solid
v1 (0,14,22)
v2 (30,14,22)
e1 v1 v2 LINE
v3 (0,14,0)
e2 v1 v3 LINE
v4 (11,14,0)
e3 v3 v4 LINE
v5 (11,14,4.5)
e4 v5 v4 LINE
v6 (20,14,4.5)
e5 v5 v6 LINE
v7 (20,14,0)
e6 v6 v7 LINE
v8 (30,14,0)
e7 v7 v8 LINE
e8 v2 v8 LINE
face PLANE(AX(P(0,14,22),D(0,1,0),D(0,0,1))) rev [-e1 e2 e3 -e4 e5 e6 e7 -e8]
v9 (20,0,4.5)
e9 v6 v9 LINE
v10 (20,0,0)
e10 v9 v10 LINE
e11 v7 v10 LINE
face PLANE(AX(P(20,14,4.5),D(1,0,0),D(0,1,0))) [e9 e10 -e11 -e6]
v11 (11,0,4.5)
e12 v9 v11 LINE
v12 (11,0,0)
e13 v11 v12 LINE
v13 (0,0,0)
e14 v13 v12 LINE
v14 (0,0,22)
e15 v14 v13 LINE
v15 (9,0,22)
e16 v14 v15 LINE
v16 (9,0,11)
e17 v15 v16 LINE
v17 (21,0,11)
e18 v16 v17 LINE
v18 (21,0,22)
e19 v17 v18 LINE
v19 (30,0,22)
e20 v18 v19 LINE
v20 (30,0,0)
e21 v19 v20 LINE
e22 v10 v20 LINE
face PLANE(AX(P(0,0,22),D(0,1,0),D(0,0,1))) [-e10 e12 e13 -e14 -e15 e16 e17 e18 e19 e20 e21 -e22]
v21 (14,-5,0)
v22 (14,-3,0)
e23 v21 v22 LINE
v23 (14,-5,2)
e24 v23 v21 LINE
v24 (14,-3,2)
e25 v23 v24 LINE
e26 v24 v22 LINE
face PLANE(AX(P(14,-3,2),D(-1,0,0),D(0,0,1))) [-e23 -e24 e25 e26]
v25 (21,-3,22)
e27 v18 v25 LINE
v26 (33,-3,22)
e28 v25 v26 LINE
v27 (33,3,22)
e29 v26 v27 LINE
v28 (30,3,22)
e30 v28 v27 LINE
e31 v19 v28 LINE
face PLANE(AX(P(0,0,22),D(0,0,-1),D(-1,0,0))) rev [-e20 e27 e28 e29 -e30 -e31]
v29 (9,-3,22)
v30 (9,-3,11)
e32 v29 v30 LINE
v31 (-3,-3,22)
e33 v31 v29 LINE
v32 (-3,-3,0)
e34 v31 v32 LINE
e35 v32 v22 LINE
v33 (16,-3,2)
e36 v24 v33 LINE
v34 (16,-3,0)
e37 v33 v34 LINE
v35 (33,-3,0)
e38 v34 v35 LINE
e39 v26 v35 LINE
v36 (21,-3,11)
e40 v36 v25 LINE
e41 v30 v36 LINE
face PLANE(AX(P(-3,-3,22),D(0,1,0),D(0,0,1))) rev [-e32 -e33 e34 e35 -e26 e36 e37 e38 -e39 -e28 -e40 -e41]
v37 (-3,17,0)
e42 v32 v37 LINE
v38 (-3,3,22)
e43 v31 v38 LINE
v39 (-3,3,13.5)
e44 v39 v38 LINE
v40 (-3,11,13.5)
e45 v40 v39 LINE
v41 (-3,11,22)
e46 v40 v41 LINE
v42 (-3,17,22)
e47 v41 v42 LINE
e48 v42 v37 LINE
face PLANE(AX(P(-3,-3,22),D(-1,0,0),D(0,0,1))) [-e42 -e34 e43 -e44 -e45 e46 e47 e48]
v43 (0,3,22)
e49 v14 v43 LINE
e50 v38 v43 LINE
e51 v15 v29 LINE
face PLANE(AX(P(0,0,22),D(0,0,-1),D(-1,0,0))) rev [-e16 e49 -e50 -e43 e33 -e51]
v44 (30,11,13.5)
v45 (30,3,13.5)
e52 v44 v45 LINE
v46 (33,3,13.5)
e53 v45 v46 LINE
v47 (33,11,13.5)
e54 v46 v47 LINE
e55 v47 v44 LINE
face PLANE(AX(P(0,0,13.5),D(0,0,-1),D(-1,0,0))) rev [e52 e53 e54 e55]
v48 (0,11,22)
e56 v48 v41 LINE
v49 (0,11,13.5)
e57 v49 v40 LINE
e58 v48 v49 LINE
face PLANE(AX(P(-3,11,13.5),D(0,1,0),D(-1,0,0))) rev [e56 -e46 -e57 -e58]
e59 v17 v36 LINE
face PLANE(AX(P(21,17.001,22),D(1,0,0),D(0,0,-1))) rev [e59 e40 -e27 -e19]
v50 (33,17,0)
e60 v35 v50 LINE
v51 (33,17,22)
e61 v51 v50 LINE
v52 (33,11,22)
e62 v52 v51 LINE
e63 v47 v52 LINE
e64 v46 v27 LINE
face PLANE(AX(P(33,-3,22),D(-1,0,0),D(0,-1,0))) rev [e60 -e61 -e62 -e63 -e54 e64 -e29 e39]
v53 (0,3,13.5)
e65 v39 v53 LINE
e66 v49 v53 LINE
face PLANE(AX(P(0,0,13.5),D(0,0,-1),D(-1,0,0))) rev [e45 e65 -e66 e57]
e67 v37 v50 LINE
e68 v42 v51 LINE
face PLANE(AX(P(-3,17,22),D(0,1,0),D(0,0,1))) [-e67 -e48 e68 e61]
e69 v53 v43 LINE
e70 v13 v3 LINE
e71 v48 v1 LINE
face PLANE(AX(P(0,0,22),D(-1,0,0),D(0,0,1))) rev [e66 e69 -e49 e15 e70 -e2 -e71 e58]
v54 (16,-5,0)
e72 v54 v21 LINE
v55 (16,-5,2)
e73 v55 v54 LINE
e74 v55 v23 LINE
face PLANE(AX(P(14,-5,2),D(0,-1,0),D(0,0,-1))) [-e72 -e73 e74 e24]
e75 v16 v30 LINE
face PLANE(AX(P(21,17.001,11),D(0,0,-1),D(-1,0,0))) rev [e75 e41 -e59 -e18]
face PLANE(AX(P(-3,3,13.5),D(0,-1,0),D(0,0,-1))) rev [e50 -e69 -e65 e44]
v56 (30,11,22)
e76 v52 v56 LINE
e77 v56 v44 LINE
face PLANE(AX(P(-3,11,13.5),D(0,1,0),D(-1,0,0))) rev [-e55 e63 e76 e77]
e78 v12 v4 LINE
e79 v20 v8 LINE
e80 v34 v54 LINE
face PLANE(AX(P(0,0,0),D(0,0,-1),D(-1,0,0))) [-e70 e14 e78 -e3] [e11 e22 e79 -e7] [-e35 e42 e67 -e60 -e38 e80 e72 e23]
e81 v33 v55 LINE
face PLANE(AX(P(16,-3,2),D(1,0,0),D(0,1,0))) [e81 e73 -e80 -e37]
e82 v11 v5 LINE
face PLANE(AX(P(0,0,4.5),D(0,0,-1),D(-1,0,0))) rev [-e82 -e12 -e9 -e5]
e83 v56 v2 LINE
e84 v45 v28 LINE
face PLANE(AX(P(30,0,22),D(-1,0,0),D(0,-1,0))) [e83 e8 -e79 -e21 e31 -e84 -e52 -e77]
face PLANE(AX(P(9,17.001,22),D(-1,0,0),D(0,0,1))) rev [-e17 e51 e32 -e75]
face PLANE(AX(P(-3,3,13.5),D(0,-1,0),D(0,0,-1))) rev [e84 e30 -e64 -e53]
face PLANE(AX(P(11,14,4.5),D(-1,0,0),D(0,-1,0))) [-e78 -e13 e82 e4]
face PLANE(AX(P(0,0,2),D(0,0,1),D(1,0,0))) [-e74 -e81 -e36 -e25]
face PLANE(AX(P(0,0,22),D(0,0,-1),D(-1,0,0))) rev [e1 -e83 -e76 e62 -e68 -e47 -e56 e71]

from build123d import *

# Parameters (mm, degrees)
SKETCH_1_W          = 36
SKETCH_1_H          = 20
SKETCH_1_W_2        = 30
SKETCH_1_H_2        = 14
EXTRUDE_2_DEPTH     = 22
SKETCH_2_W          = 9
SKETCH_2_H          = 14
EXTRUDE_3_DEPTH     = 4.5
SKETCH_4_W          = 2
SKETCH_4_H          = 2
EXTRUDE_4_DEPTH     = 2
CUT_EXTRUDE_1_REACH = 46.418
SKETCH_5_W          = 12
SKETCH_5_H          = 11
SKETCH_6_W          = 36
SKETCH_6_H          = 8
CUT_EXTRUDE_2_DEPTH = 8.5


with BuildPart() as part:
    # 스케치1 → 보스-돌출2 (new body)
    with BuildSketch(Plane.XY):
        with Locations((15, 7)):
            Rectangle(SKETCH_1_W, SKETCH_1_H)
        with Locations((15, 7)):
            Rectangle(SKETCH_1_W_2, SKETCH_1_H_2, mode=Mode.SUBTRACT)
    extrude(amount=EXTRUDE_2_DEPTH)

    # 스케치2 → 보스-돌출3 (add)
    with BuildSketch(Plane(origin=(0, 0, 0), x_dir=(-1, 0, 0), z_dir=(0, 0, -1))):
        with Locations((-15.5, 7)):
            Rectangle(SKETCH_2_W, SKETCH_2_H)
    extrude(amount=-EXTRUDE_3_DEPTH)

    # 스케치4 → 보스-돌출4 (add)
    with BuildSketch(Plane(origin=(0, 0, 0), x_dir=(-1, 0, 0), z_dir=(0, 0, -1))):
        with Locations((-15, -4)):
            Rectangle(SKETCH_4_W, SKETCH_4_H)
    extrude(amount=-EXTRUDE_4_DEPTH)

    # 스케치5 → 컷-돌출1 (cut, up to next)
    with BuildSketch(Plane.XZ.offset(3), mode=Mode.PRIVATE) as cut_extrude_1_sk1:
        with Locations((15, 16.5)):
            Rectangle(SKETCH_5_W, SKETCH_5_H)
    cut_extrude_1_tool1 = extrude(cut_extrude_1_sk1.sketch, amount=-CUT_EXTRUDE_1_REACH, mode=Mode.PRIVATE) & part.part
    add(cut_extrude_1_tool1.solids().sort_by_distance((15, -3, 16.5))[0], mode=Mode.SUBTRACT)

    # 스케치6 → 컷-돌출2 (cut)
    with BuildSketch(Plane.XY.offset(22)):
        with Locations((15, 7)):
            Rectangle(SKETCH_6_W, SKETCH_6_H)
    extrude(amount=-CUT_EXTRUDE_2_DEPTH, mode=Mode.SUBTRACT)


solid = part.part
